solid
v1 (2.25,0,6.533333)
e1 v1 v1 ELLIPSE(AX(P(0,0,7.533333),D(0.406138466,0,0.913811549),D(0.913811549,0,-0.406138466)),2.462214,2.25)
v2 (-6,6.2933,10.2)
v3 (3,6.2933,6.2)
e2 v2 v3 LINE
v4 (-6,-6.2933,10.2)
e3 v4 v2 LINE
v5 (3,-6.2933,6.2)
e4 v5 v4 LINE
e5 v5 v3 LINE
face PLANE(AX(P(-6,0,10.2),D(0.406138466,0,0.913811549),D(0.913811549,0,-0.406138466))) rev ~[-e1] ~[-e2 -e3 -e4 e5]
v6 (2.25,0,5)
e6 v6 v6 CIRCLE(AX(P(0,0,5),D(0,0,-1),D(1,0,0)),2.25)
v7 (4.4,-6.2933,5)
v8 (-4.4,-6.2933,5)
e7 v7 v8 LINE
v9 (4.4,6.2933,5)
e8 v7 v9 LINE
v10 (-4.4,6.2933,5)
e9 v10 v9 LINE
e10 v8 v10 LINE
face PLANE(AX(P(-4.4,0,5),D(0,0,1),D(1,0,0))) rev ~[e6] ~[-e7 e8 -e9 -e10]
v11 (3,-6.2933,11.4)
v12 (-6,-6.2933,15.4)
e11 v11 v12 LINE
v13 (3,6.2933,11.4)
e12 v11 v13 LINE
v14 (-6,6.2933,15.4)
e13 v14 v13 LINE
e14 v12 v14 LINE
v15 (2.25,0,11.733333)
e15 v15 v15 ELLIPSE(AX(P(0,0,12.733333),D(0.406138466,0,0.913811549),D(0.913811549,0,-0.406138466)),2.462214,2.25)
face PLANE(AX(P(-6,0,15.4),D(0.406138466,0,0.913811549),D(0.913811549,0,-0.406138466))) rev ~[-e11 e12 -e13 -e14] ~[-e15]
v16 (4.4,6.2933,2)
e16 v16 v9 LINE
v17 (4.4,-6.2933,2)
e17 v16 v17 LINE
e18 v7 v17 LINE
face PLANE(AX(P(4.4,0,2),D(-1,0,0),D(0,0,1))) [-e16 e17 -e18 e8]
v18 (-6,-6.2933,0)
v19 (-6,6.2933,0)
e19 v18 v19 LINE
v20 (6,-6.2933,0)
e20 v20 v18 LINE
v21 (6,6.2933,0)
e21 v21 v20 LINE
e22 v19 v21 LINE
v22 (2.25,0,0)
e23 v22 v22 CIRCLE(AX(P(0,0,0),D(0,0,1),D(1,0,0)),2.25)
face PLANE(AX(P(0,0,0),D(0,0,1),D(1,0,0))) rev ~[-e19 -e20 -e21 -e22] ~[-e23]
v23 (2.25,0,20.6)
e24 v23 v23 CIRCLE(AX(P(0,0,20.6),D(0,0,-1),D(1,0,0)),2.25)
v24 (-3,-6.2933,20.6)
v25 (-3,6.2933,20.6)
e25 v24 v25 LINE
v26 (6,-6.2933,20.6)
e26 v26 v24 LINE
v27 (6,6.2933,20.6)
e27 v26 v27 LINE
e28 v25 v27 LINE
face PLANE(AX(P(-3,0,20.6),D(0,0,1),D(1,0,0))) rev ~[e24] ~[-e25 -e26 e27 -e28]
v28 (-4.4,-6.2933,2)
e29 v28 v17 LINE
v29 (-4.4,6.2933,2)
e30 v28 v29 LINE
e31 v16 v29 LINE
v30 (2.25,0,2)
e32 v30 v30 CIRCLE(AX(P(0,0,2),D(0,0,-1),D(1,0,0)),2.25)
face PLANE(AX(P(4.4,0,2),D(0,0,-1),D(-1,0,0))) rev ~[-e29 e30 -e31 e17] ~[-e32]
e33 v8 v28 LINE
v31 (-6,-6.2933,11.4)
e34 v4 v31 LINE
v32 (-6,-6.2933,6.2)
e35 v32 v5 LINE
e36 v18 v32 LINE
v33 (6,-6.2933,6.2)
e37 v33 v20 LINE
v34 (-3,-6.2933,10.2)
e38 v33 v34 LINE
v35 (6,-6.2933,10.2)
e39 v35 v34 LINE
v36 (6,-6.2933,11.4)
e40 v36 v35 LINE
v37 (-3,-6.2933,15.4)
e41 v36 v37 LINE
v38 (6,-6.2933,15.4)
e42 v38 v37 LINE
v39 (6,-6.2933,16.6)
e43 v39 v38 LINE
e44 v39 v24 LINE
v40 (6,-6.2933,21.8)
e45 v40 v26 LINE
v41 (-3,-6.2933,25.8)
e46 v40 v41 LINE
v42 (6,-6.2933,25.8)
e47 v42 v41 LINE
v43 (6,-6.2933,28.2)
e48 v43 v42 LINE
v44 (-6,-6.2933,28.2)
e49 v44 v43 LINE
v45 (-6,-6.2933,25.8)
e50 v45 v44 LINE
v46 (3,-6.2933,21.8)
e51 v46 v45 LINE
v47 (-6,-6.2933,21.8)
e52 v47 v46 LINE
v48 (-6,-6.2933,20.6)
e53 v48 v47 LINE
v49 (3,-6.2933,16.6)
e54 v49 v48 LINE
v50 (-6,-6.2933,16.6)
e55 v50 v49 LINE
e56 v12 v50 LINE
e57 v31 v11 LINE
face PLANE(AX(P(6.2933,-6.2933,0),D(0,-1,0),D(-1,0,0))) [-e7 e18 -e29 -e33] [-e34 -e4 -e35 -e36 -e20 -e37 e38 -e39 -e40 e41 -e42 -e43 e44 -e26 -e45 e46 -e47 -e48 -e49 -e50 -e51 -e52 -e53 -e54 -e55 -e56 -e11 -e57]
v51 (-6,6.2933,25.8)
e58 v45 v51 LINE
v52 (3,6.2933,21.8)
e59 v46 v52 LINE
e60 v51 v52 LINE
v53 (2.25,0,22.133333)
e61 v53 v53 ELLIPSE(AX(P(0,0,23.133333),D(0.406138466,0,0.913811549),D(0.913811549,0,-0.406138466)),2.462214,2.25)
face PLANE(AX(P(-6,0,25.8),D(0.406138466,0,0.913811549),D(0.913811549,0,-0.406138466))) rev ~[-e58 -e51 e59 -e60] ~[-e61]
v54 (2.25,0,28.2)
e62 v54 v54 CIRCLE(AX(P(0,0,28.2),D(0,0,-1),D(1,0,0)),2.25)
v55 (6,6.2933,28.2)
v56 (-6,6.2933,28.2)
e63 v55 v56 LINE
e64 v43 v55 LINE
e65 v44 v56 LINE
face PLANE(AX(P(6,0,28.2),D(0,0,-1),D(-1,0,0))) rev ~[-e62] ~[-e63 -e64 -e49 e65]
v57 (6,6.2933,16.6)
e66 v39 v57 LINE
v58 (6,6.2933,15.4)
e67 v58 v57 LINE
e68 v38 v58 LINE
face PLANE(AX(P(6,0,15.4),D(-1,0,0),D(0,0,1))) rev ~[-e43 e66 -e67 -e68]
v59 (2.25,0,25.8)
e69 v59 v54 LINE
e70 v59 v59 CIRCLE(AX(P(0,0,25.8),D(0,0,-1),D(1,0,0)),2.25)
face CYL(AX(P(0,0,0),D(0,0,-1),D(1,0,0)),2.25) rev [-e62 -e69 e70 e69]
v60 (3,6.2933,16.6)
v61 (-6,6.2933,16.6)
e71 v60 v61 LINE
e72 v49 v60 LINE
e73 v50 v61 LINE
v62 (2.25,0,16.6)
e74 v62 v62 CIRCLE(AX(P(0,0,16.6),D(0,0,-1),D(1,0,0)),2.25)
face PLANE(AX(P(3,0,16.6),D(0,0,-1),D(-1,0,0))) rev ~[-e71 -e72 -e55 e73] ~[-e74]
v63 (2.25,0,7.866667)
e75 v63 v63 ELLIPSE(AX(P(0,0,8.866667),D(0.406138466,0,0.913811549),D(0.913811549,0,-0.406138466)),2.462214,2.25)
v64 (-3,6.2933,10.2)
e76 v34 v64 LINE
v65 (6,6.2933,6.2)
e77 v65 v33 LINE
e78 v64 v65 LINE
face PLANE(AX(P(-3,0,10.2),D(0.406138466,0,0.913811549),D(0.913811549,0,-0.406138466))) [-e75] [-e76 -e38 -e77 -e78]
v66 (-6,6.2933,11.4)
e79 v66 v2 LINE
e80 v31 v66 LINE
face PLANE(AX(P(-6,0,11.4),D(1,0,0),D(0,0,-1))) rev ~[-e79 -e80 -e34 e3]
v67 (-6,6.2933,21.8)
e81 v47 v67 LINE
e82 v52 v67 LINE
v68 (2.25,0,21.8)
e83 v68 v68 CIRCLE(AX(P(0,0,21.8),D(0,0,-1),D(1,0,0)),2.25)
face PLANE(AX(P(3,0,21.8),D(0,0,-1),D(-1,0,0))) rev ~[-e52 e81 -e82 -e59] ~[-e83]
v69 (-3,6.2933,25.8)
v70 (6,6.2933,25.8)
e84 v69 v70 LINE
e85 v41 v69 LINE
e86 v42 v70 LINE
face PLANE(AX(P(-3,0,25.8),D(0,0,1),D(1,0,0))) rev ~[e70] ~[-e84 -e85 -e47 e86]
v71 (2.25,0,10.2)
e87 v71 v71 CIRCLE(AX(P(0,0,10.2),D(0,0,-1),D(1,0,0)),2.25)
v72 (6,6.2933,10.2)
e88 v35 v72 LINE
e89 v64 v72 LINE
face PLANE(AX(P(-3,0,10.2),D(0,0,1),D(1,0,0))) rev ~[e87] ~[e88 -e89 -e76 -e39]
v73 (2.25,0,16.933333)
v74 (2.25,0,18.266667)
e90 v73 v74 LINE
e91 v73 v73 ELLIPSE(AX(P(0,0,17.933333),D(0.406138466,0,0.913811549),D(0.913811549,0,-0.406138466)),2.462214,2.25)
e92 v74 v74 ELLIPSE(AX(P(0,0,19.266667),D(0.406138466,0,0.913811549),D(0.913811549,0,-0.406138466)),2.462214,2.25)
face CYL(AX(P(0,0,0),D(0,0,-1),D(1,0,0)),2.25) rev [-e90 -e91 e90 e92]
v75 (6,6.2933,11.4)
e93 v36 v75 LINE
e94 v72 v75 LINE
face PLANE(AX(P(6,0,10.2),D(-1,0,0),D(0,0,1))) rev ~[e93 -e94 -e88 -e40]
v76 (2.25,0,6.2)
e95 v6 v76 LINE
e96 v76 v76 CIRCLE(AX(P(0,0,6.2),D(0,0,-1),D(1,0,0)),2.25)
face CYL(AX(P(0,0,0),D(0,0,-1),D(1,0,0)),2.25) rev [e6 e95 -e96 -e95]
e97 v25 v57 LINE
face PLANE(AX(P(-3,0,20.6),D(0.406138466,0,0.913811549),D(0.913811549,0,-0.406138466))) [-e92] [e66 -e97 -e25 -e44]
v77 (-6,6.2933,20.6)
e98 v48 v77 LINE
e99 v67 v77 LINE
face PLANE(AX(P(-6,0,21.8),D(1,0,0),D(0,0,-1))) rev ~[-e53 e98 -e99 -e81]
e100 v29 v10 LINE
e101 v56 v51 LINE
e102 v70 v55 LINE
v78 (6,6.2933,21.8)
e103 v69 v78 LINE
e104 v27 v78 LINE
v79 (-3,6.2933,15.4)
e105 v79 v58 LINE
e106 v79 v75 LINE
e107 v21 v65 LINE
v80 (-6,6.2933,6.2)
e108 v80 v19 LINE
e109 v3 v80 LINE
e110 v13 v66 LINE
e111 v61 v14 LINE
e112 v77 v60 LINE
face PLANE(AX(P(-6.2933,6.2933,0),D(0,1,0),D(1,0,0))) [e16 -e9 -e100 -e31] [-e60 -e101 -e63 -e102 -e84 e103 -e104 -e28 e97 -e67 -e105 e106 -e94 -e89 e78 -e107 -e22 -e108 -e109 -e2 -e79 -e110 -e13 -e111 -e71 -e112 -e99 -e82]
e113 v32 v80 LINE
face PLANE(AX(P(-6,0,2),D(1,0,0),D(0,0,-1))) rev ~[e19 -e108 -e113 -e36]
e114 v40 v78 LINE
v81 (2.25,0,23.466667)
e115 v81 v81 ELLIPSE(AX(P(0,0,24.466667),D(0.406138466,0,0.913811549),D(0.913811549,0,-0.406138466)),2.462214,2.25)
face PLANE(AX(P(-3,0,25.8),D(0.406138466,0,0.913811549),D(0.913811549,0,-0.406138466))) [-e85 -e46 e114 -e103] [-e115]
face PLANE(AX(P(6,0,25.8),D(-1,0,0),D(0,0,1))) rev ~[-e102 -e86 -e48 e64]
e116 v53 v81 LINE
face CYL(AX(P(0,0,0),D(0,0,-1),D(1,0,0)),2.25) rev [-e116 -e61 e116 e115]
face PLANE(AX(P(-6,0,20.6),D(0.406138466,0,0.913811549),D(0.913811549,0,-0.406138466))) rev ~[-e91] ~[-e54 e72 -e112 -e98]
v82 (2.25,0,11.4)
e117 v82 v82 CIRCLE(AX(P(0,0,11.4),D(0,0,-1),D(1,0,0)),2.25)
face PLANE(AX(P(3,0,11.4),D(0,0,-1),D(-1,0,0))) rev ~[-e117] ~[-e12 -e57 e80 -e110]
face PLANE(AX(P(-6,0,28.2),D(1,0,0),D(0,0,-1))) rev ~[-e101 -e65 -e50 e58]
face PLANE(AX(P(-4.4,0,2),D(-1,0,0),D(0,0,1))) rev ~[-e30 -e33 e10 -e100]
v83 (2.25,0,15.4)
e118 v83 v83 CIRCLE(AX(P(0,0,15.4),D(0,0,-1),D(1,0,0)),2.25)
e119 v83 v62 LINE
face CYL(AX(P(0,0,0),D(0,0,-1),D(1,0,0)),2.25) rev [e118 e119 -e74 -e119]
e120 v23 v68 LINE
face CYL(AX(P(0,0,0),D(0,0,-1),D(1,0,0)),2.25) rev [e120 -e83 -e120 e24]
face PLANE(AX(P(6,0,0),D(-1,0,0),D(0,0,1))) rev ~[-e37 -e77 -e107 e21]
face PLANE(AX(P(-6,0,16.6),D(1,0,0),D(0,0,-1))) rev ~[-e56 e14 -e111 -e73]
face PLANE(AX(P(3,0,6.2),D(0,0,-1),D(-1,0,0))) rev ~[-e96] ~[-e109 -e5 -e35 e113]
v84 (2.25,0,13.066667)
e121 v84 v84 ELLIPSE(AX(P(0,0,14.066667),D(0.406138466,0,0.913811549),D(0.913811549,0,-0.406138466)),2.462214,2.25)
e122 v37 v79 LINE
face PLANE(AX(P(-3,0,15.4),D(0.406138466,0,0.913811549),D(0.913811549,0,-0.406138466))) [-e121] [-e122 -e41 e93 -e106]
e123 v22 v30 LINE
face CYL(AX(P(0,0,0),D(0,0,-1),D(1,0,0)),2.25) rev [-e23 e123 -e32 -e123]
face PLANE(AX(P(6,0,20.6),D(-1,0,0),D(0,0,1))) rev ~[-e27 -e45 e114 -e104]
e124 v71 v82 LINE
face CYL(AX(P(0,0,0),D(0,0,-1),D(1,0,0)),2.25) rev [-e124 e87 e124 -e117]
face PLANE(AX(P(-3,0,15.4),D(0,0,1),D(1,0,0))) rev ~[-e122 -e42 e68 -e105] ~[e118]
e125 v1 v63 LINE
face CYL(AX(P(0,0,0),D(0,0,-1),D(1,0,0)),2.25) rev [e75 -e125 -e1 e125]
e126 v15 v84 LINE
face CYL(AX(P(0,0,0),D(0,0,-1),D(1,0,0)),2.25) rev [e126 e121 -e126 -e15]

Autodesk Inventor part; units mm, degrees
ref_plane "YZ Plane" through (0, 0, 0) normal (1, 0, 0) x (0, 1, 0)
ref_plane "XZ Plane" through (0, 0, 0) normal (0, 1, 0) x (-1, 0, 0)
ref_plane "XY Plane" through (0, 0, 0) normal (0, 0, 1) x (1, 0, 0)
sketch "Boceto1" plane through (0, 0, 0) normal (0, 0, 1) x (1, 0, 0)
  circle A0 centre (0, 0) radius 8.9
  line L0 (6.2933, -6.2933) -> (-6.2933, -6.2933)
  line L1 (-6.2933, -6.2933) -> (-6.2933, 6.2933)
  line L2 (-6.2933, 6.2933) -> (6.2933, 6.2933)
  line L3 (6.2933, 6.2933) -> (6.2933, -6.2933)
  circle A1 centre (0, 0) radius 2.25
  dimension "d0" = 17.8
  dimension "d1" = 12.5865
  dimension "d2" = 12.5865
  dimension "d48" = 4.5
sketch "Boceto2" plane through (0, 0, 0) normal (0, 1, 0) x (-1, 0, 0)
  line L0 (6.2933, 0) -> (-6.2933, 0)
  line L1 (-6.2933, 0) -> (-6.2933, 2)
  line L2 (-6.2933, 2) -> (6.2933, 2)
  line L3 (6.2933, 2) -> (6.2933, 0)
  line L4 (6.2933, 5) -> (-6.2933, 5)
  line L5 (-6.2933, 5) -> (-6.2933, 7)
  line L6 (-6.2933, 7) -> (6.2933, 7)
  line L7 (6.2933, 7) -> (6.2933, 5)
  line L8 (6.2933, 10) -> (-6.2933, 10)
  line L9 (-6.2933, 10) -> (-6.2933, 12)
  line L10 (-6.2933, 12) -> (6.2933, 12)
  line L11 (6.2933, 12) -> (6.2933, 10)
  line L12 (6.2933, 15) -> (-6.2933, 15)
  line L13 (-6.2933, 15) -> (-6.2933, 17)
  line L14 (-6.2933, 17) -> (6.2933, 17)
  line L15 (6.2933, 17) -> (6.2933, 15)
  line L16 (6.2933, 20) -> (-6.2933, 20)
  line L17 (-6.2933, 20) -> (-6.2933, 22)
  line L18 (-6.2933, 22) -> (6.2933, 22)
  line L19 (6.2933, 22) -> (6.2933, 20)
  line L20 (6.2933, 25) -> (-6.2933, 25)
  line L21 (-6.2933, 25) -> (-6.2933, 27)
  line L22 (-6.2933, 27) -> (6.2933, 27)
  line L23 (6.2933, 27) -> (6.2933, 25)
  line L24 (6.2933, 30) -> (-6.2933, 30)
  line L25 (-6.2933, 30) -> (-6.2933, 32)
  line L26 (-6.2933, 32) -> (6.2933, 32)
  line L27 (6.2933, 32) -> (6.2933, 30)
  line L28 (-6.2933, 0) -> (6.2933, 5)
  line L29 (-6.2933, 1.883) -> (6.2933, 6.883)
  line L30 (-6.2933, 6.883) -> (6.2933, 11.883)
  line L31 (-6.2933, 5) -> (6.2933, 10)
  line L32 (-6.2933, 11.883) -> (6.2933, 16.883)
  line L33 (-6.2933, 10) -> (6.2933, 15)
  line L34 (-6.2933, 16.883) -> (6.2933, 21.883)
  line L35 (-6.2933, 15) -> (6.2933, 20)
  line L36 (-6.2933, 21.883) -> (6.2933, 26.883)
  line L37 (-6.2933, 20) -> (6.2933, 25)
  line L38 (-6.2933, 26.883) -> (6.2933, 31.883)
  line L39 (-6.2933, 25) -> (6.2933, 30)
  line L40 (6.2933, 0) -> (4.2933, 0)
  line L41 (4.2933, 0) -> (4.2933, 7)
  line L42 (4.2933, 7) -> (6.2933, 7)
  line L43 (6.2933, 7) -> (6.2933, 0)
  line L44 (-6.2933, 0) -> (-4.2933, 0)
  line L45 (-4.2933, 0) -> (-4.2933, 7)
  line L46 (-4.2933, 7) -> (-6.2933, 7)
  line L47 (-6.2933, 7) -> (-6.2933, 0)
  point P0 (0, 0)
  point P1 (0, 5)
  point P2 (0, 10)
  point P3 (0, 15)
  point P4 (0, 20)
  point P5 (0, 25)
  point P6 (0, 30)
  point P7 (1.5531, 30)
  point P8 (-5.9988, 27)
  point P9 (1.5531, 25)
  point P10 (-5.9988, 22)
  point P11 (1.5531, 20)
  point P12 (-5.9988, 17)
  point P13 (1.5531, 15)
  point P14 (-5.9988, 12)
  point P15 (1.5531, 10)
  point P16 (-5.9988, 7)
  point P17 (1.5531, 5)
  point P18 (-5.9988, 2)
  point P19 (-1.2586, 2)
  point P20 (-1.2587, 7)
  point P21 (-1.2587, 12)
  point P22 (-1.2587, 17)
  point P23 (-1.2586, 22)
  point P24 (-1.2586, 27)
  point P25 (4.2933, 5)
  point P26 (4.2933, 2)
  point P27 (-4.2933, 2)
  point P28 (-4.2933, 5)
  dimension "d11" = 2
  dimension "d12" = 5
  dimension "d13" = 1.75
  dimension "d14" = 5
  dimension "d15" = 2
  dimension "d16" = 2
sketch "Boceto3" plane through (0, 0, 0) normal (0, 1, 0) x (-1, 0, 0)
  line L0 (6, 0) -> (-6, 0)
  line L1 (-6, 0) -> (-6, 2)
  line L2 (-4.4, 2) -> (4.4, 2)
  line L3 (6, 2) -> (6, 0)
  line L4 (-6, 0) -> (-4.4, 0)
  line L5 (-4.4, 2) -> (-4.4, 5)
  line L6 (-4.4, 5) -> (-6, 5)
  line L7 (-6, 5) -> (-6, 0)
  line L8 (6, 0) -> (4.4, 0)
  line L9 (4.4, 2) -> (4.4, 5)
  line L10 (4.4, 5) -> (6, 5)
  line L11 (6, 5) -> (6, 0)
  line L12 (6, 5) -> (-6, 5)
  line L13 (-6, 5) -> (-6, 6.2)
  line L14 (-3, 6.2) -> (6, 6.2)
  line L15 (6, 6.2) -> (6, 5)
  line L16 (3, 10.2) -> (6, 10.2)
  line L17 (3, 10.2) -> (-6, 6.2)
  line L18 (6, 10.2) -> (-3, 6.2)
  line L19 (-4.4, 10.2) -> (-6, 10.2)
  line L20 (-6, 10.2) -> (-6, 11.4)
  line L21 (6, 10.2) -> (-6, 10.2)
  line L22 (3, 15.4) -> (-6, 11.4)
  line L23 (-3, 11.4) -> (6, 11.4)
  line L24 (6, 15.4) -> (-3, 11.4)
  line L25 (3, 15.4) -> (6, 15.4)
  line L26 (6, 11.4) -> (6, 10.2)
  line L27 (4.4, 10.2) -> (6, 10.2)
  line L28 (-4.4, 15.4) -> (-6, 15.4)
  line L29 (-6, 15.4) -> (-6, 16.6)
  line L30 (6, 15.4) -> (-6, 15.4)
  line L31 (3, 20.6) -> (-6, 16.6)
  line L32 (-3, 16.6) -> (6, 16.6)
  line L33 (6, 20.6) -> (-3, 16.6)
  line L34 (3, 20.6) -> (6, 20.6)
  line L35 (6, 16.6) -> (6, 15.4)
  line L36 (4.4, 15.4) -> (6, 15.4)
  line L37 (-4.4, 20.6) -> (-6, 20.6)
  line L38 (-6, 20.6) -> (-6, 21.8)
  line L39 (6, 20.6) -> (-6, 20.6)
  line L40 (3, 25.8) -> (-6, 21.8)
  line L41 (-3, 21.8) -> (6, 21.8)
  line L42 (6, 25.8) -> (-3, 21.8)
  line L43 (3, 25.8) -> (6, 25.8)
  line L44 (6, 21.8) -> (6, 20.6)
  line L45 (4.4, 20.6) -> (6, 20.6)
  line L46 (6, 25.8) -> (-6, 25.8)
  line L47 (-6, 25.8) -> (-6, 28.2)
  line L48 (-6, 28.2) -> (6, 28.2)
  line L49 (6, 28.2) -> (6, 25.8)
  point P0 (0, 0)
  dimension "d19" = 12
  dimension "d20" = 2
  dimension "d21" = 1.6
  dimension "d22" = 5
  dimension "d23" = 1.6
  dimension "d24" = 5
  dimension "d25" = 1.2
  dimension "d39" = 5.2
  dimension "d44" = 12
  dimension "d45" = 2.4
extrude "Extrusión1" add sketch "Boceto1" along normal blind 30 contours L3 L0 L1 L2
extrude "Extrusión2" cut sketch "Boceto3" against normal mid plane 30 contours L0 L1 L7 L6 L5 L2 L9 L10 L11 L3 | L10 L12 L6 L13 L17 L16 L18 L14 L15 | L16 L21 L19 L20 L22 L25 L24 L23 L26 | L25 L30 L28 L29 L31 L34 L33 L32 L35 | L34 L39 L37 L38 L40 L43 L42 L41 L44 | L43 L46 L47 L48 L49 keep common part
sketch "Boceto4" plane through (0, 0, 0) normal (0, 1, 0) x (-1, 0, 0)
  line L0 (-4.4, 2) -> (4.4, 2)
  line L1 (-4.4, 5) -> (-4.4, 2)
  line L2 (4.4, 5) -> (-4.4, 5)
  line L3 (4.4, 2) -> (4.4, 5)
  line L4 (6, 6.2) -> (6, 0)
  line L5 (-3, 6.2) -> (6, 6.2)
  line L6 (6, 10.2) -> (-3, 6.2)
  line L7 (6, 11.4) -> (6, 10.2)
  line L8 (-3, 11.4) -> (6, 11.4)
  line L9 (6, 15.4) -> (-3, 11.4)
  line L10 (6, 16.6) -> (6, 15.4)
  line L11 (-3, 16.6) -> (6, 16.6)
  line L12 (6, 20.6) -> (-3, 16.6)
  line L13 (6, 21.8) -> (6, 20.6)
  line L14 (-3, 21.8) -> (6, 21.8)
  line L15 (6, 25.8) -> (-3, 21.8)
  line L16 (6, 28.2) -> (6, 25.8)
  line L17 (-6, 28.2) -> (6, 28.2)
  line L18 (-6, 25.8) -> (-6, 28.2)
  line L19 (3, 25.8) -> (-6, 25.8)
  line L20 (-6, 21.8) -> (3, 25.8)
  line L21 (-6, 20.6) -> (-6, 21.8)
  line L22 (3, 20.6) -> (-6, 20.6)
  line L23 (-6, 16.6) -> (3, 20.6)
  line L24 (-6, 15.4) -> (-6, 16.6)
  line L25 (3, 15.4) -> (-6, 15.4)
  line L26 (-6, 11.4) -> (3, 15.4)
  line L27 (-6, 10.2) -> (-6, 11.4)
  line L28 (3, 10.2) -> (-6, 10.2)
  line L29 (-6, 6.2) -> (3, 10.2)
  line L30 (-6, 0) -> (-6, 6.2)
  line L31 (-6, 0) -> (6, 0)
  point P0 (0, 0)
properties part number "_3DPrint"
